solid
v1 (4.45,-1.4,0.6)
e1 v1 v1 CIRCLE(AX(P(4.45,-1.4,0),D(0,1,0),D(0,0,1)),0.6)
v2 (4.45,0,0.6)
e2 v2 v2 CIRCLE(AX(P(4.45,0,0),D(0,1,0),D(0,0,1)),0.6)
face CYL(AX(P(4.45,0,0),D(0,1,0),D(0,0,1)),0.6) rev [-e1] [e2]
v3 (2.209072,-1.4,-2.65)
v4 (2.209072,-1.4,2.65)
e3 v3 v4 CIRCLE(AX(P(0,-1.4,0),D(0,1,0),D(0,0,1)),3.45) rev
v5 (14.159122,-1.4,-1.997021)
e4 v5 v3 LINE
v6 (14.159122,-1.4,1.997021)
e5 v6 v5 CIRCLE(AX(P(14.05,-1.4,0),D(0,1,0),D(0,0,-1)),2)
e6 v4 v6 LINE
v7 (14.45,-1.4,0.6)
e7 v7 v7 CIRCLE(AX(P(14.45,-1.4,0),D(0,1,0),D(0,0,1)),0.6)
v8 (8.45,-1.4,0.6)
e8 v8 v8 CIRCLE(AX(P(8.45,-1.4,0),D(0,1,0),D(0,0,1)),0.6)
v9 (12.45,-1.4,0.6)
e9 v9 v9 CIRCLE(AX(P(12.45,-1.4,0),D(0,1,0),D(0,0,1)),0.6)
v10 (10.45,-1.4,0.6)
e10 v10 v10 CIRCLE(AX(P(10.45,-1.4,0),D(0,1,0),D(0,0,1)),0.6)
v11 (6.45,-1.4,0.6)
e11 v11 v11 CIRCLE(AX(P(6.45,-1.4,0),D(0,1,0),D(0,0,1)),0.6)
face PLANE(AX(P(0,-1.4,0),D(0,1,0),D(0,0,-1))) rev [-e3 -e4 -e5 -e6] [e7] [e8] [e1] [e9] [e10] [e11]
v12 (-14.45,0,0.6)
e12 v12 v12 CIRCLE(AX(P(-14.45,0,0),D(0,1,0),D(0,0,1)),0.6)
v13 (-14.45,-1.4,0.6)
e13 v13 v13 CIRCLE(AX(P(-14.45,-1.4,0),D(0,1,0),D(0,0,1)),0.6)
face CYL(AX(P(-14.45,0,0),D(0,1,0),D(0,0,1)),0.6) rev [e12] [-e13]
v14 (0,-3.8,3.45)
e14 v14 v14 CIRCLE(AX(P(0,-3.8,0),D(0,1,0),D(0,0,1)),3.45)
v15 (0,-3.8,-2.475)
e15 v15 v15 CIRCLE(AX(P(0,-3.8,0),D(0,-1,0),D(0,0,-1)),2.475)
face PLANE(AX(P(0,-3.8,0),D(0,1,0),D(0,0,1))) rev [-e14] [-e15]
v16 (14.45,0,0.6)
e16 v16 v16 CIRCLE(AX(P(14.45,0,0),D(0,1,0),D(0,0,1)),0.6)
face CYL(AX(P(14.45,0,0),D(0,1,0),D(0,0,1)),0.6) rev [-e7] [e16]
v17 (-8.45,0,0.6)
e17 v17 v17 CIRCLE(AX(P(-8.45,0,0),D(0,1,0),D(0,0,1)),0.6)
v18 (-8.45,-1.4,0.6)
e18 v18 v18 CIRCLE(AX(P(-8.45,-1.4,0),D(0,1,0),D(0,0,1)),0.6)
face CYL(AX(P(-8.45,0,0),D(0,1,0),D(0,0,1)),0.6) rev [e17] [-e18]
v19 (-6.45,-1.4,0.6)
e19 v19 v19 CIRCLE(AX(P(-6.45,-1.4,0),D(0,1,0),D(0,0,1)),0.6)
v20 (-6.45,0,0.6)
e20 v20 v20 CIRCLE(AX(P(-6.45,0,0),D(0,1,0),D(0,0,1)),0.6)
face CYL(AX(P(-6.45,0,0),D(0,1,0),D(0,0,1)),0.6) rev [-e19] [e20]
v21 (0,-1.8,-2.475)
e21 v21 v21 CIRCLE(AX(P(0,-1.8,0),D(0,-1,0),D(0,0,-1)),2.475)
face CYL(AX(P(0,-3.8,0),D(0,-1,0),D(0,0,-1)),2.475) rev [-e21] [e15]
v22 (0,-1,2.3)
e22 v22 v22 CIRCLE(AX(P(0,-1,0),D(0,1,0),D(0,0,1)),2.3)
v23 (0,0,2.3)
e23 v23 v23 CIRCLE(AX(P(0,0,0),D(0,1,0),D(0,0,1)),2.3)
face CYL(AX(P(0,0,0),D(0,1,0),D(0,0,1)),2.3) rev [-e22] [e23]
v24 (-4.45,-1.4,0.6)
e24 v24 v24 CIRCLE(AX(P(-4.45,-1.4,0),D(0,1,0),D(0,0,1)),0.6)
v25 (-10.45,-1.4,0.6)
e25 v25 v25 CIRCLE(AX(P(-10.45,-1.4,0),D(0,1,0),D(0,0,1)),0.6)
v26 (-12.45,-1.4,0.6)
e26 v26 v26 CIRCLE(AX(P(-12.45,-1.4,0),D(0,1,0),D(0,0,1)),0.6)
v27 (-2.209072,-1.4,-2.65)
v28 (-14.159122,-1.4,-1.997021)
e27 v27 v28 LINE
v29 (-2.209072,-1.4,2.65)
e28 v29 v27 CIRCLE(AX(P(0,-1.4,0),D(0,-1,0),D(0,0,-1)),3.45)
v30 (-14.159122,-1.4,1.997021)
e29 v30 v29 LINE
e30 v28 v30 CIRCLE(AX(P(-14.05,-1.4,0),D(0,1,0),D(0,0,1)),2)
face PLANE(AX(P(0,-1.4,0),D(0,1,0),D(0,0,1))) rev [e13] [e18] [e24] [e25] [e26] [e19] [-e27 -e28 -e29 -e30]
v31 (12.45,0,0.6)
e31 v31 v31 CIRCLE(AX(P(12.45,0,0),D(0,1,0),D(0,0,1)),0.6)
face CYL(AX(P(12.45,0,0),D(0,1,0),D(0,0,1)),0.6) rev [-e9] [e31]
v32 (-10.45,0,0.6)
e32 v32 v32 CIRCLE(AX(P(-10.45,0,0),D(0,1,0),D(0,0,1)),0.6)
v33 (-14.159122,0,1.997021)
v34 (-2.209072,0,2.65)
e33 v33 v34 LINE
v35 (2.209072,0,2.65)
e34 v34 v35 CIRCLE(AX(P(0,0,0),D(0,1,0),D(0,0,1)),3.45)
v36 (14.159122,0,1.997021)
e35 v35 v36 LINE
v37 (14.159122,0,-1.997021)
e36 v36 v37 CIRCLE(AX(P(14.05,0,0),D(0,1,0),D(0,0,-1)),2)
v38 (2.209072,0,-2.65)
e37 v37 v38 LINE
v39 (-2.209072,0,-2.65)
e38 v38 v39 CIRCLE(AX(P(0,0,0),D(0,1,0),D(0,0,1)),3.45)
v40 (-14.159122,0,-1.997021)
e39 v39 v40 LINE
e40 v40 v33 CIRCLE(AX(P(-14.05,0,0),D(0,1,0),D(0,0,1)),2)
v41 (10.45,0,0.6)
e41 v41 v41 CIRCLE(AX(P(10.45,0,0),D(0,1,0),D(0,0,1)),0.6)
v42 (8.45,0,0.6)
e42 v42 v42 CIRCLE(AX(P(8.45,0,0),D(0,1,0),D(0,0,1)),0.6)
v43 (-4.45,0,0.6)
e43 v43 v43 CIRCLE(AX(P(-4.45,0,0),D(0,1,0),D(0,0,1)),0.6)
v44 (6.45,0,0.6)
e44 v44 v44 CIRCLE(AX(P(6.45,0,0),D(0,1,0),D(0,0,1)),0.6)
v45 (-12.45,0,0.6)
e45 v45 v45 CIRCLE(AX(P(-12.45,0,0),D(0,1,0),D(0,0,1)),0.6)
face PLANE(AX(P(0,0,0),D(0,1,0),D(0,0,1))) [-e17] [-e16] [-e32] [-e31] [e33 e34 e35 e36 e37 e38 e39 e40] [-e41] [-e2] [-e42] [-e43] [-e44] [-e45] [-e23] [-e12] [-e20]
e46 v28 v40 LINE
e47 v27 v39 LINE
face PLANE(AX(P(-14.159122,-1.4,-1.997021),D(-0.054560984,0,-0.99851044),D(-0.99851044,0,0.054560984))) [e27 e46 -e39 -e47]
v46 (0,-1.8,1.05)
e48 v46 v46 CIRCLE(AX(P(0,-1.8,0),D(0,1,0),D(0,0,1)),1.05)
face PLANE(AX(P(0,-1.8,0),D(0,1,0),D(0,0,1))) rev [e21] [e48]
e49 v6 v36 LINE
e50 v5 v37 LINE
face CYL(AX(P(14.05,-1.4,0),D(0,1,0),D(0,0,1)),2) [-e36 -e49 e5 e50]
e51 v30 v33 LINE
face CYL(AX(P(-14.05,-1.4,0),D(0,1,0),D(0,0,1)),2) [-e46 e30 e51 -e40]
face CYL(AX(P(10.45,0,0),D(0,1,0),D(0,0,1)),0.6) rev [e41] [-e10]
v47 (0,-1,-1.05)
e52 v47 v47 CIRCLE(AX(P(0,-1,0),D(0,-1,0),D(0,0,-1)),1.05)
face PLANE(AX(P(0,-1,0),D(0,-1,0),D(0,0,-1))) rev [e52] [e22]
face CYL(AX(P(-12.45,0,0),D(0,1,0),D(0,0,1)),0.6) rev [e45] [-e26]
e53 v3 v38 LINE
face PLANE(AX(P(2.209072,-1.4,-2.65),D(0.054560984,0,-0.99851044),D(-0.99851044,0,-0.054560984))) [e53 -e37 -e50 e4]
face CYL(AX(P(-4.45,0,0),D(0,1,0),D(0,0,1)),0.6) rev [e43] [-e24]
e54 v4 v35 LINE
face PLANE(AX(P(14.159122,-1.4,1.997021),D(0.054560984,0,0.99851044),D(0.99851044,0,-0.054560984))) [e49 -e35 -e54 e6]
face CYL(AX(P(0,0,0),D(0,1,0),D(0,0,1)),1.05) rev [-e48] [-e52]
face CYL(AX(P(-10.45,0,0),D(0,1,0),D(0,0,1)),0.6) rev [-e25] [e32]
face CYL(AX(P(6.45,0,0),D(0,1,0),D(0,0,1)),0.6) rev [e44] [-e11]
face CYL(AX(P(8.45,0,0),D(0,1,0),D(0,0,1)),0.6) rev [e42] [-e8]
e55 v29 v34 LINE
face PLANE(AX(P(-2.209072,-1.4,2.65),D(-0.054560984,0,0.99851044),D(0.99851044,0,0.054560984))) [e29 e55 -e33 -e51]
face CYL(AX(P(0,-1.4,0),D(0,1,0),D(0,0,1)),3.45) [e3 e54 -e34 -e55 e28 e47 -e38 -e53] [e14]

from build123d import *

# Parameters (mm, degrees)
RESSALTO_EXTRUS_O1_DEPTH = 1.4
ESBO_O2_R                = 3.45
RESSALTO_EXTRUS_O2_DEPTH = 2.4
FURO4_D                  = 1.2
PADR_O_LINEAR1_COUNT     = 6
PADR_O_LINEAR1_PITCH     = 2
PADR_OCIRCULAR2_COUNT    = 2
PADR_OCIRCULAR2_COPY_1_D = 1.2
PADR_OCIRCULAR2_COPY_2_D = 1.2
PADR_OCIRCULAR2_COPY_3_D = 1.2
PADR_OCIRCULAR2_COPY_4_D = 1.2
PADR_OCIRCULAR2_COPY_5_D = 1.2
FURO1_D                  = 4.95
FURO1_DEPTH              = 2
FURO2_D                  = 4.6
FURO2_DEPTH              = 1
FURO3_D                  = 2.1


with BuildPart() as part:
    # Esboço1 → Ressalto-extrusão1 (new body)
    with BuildSketch(Plane(origin=(0, 0, 0), x_dir=(1, 0, 0), z_dir=(0, 1, 0))):
        with BuildLine():
            Line((-14.159121967, 1.99702088), (-2.209072203, 2.65))
            ThreePointArc((-2.209072203, 2.65), (3.45, 0), (-2.209072203, -2.65))
            Line((-2.209072203, -2.65), (-14.159121967, -1.99702088))
            ThreePointArc((-14.159121967, -1.99702088), (-16.05, 0), (-14.159121967, 1.99702088))
        make_face()
    ressalto_extrus_o1 = extrude(amount=-RESSALTO_EXTRUS_O1_DEPTH)

    # Esboço2 → Ressalto-extrusão2 (add)
    with BuildSketch(Plane.XZ.offset(1.4)):
        with Locations(Location((0, 0, 0), (0, 0, 90))):
            Circle(ESBO_O2_R)
    extrude(amount=RESSALTO_EXTRUS_O2_DEPTH)

    # Furo4 (through all)
    with Locations(Plane(origin=(0, 0, 0), x_dir=(1, 0, 0), z_dir=(0, 1, 0))):
        with Locations((-14.45, 0)):
            furo4 = Hole(FURO4_D / 2)

    # Padrão linear1: Furo4 ×6
    with Locations(*[(i * PADR_O_LINEAR1_PITCH, 0, 0) for i in range(1, PADR_O_LINEAR1_COUNT)]):
        add(furo4, mode=Mode.SUBTRACT)

    # PadrãoCircular2: Ressalto-extrusão1, Furo4 ×2 about axis
    padr_ocircular2_axis = Axis((0, 0, 0), (0, 1, 0))
    add([ressalto_extrus_o1.rotate(padr_ocircular2_axis, i * 360 / PADR_OCIRCULAR2_COUNT) for i in range(1, PADR_OCIRCULAR2_COUNT)])
    add([furo4.rotate(padr_ocircular2_axis, i * 360 / PADR_OCIRCULAR2_COUNT) for i in range(1, PADR_OCIRCULAR2_COUNT)], mode=Mode.SUBTRACT)

    # PadrãoCircular2 copy 1 (through all)
    with Locations(Plane(origin=(-2, 0, 0), x_dir=(-1, 0, 0), z_dir=(0, 1, 0))):
        with Locations((-14.45, 0)):
            Hole(PADR_OCIRCULAR2_COPY_1_D / 2)

    # PadrãoCircular2 copy 2 (through all)
    with Locations(Plane(origin=(-4, 0, 0), x_dir=(-1, 0, 0), z_dir=(0, 1, 0))):
        with Locations((-14.45, 0)):
            Hole(PADR_OCIRCULAR2_COPY_2_D / 2)

    # PadrãoCircular2 copy 3 (through all)
    with Locations(Plane(origin=(-6, 0, 0), x_dir=(-1, 0, 0), z_dir=(0, 1, 0))):
        with Locations((-14.45, 0)):
            Hole(PADR_OCIRCULAR2_COPY_3_D / 2)

    # PadrãoCircular2 copy 4 (through all)
    with Locations(Plane(origin=(-8, 0, 0), x_dir=(-1, 0, 0), z_dir=(0, 1, 0))):
        with Locations((-14.45, 0)):
            Hole(PADR_OCIRCULAR2_COPY_4_D / 2)

    # PadrãoCircular2 copy 5 (through all)
    with Locations(Plane(origin=(-10, 0, 0), x_dir=(-1, 0, 0), z_dir=(0, 1, 0))):
        with Locations((-14.45, 0)):
            Hole(PADR_OCIRCULAR2_COPY_5_D / 2)

    # Furo1
    with Locations(Plane(origin=(0, -3.8, 0), x_dir=(-1, 0, 0), z_dir=(0, -1, 0))):
        with Locations((0, 0)):
            Hole(FURO1_D / 2, depth=FURO1_DEPTH)

    # Furo2
    with Locations(Plane(origin=(0, 0, 0), x_dir=(1, 0, 0), z_dir=(0, 1, 0))):
        with Locations((0, 0)):
            Hole(FURO2_D / 2, depth=FURO2_DEPTH)

    # Furo3 (through all)
    with Locations(Plane(origin=(0, 0, 0), x_dir=(1, 0, 0), z_dir=(0, 1, 0))):
        with Locations((0, 0)):
            Hole(FURO3_D / 2)


solid = part.part
